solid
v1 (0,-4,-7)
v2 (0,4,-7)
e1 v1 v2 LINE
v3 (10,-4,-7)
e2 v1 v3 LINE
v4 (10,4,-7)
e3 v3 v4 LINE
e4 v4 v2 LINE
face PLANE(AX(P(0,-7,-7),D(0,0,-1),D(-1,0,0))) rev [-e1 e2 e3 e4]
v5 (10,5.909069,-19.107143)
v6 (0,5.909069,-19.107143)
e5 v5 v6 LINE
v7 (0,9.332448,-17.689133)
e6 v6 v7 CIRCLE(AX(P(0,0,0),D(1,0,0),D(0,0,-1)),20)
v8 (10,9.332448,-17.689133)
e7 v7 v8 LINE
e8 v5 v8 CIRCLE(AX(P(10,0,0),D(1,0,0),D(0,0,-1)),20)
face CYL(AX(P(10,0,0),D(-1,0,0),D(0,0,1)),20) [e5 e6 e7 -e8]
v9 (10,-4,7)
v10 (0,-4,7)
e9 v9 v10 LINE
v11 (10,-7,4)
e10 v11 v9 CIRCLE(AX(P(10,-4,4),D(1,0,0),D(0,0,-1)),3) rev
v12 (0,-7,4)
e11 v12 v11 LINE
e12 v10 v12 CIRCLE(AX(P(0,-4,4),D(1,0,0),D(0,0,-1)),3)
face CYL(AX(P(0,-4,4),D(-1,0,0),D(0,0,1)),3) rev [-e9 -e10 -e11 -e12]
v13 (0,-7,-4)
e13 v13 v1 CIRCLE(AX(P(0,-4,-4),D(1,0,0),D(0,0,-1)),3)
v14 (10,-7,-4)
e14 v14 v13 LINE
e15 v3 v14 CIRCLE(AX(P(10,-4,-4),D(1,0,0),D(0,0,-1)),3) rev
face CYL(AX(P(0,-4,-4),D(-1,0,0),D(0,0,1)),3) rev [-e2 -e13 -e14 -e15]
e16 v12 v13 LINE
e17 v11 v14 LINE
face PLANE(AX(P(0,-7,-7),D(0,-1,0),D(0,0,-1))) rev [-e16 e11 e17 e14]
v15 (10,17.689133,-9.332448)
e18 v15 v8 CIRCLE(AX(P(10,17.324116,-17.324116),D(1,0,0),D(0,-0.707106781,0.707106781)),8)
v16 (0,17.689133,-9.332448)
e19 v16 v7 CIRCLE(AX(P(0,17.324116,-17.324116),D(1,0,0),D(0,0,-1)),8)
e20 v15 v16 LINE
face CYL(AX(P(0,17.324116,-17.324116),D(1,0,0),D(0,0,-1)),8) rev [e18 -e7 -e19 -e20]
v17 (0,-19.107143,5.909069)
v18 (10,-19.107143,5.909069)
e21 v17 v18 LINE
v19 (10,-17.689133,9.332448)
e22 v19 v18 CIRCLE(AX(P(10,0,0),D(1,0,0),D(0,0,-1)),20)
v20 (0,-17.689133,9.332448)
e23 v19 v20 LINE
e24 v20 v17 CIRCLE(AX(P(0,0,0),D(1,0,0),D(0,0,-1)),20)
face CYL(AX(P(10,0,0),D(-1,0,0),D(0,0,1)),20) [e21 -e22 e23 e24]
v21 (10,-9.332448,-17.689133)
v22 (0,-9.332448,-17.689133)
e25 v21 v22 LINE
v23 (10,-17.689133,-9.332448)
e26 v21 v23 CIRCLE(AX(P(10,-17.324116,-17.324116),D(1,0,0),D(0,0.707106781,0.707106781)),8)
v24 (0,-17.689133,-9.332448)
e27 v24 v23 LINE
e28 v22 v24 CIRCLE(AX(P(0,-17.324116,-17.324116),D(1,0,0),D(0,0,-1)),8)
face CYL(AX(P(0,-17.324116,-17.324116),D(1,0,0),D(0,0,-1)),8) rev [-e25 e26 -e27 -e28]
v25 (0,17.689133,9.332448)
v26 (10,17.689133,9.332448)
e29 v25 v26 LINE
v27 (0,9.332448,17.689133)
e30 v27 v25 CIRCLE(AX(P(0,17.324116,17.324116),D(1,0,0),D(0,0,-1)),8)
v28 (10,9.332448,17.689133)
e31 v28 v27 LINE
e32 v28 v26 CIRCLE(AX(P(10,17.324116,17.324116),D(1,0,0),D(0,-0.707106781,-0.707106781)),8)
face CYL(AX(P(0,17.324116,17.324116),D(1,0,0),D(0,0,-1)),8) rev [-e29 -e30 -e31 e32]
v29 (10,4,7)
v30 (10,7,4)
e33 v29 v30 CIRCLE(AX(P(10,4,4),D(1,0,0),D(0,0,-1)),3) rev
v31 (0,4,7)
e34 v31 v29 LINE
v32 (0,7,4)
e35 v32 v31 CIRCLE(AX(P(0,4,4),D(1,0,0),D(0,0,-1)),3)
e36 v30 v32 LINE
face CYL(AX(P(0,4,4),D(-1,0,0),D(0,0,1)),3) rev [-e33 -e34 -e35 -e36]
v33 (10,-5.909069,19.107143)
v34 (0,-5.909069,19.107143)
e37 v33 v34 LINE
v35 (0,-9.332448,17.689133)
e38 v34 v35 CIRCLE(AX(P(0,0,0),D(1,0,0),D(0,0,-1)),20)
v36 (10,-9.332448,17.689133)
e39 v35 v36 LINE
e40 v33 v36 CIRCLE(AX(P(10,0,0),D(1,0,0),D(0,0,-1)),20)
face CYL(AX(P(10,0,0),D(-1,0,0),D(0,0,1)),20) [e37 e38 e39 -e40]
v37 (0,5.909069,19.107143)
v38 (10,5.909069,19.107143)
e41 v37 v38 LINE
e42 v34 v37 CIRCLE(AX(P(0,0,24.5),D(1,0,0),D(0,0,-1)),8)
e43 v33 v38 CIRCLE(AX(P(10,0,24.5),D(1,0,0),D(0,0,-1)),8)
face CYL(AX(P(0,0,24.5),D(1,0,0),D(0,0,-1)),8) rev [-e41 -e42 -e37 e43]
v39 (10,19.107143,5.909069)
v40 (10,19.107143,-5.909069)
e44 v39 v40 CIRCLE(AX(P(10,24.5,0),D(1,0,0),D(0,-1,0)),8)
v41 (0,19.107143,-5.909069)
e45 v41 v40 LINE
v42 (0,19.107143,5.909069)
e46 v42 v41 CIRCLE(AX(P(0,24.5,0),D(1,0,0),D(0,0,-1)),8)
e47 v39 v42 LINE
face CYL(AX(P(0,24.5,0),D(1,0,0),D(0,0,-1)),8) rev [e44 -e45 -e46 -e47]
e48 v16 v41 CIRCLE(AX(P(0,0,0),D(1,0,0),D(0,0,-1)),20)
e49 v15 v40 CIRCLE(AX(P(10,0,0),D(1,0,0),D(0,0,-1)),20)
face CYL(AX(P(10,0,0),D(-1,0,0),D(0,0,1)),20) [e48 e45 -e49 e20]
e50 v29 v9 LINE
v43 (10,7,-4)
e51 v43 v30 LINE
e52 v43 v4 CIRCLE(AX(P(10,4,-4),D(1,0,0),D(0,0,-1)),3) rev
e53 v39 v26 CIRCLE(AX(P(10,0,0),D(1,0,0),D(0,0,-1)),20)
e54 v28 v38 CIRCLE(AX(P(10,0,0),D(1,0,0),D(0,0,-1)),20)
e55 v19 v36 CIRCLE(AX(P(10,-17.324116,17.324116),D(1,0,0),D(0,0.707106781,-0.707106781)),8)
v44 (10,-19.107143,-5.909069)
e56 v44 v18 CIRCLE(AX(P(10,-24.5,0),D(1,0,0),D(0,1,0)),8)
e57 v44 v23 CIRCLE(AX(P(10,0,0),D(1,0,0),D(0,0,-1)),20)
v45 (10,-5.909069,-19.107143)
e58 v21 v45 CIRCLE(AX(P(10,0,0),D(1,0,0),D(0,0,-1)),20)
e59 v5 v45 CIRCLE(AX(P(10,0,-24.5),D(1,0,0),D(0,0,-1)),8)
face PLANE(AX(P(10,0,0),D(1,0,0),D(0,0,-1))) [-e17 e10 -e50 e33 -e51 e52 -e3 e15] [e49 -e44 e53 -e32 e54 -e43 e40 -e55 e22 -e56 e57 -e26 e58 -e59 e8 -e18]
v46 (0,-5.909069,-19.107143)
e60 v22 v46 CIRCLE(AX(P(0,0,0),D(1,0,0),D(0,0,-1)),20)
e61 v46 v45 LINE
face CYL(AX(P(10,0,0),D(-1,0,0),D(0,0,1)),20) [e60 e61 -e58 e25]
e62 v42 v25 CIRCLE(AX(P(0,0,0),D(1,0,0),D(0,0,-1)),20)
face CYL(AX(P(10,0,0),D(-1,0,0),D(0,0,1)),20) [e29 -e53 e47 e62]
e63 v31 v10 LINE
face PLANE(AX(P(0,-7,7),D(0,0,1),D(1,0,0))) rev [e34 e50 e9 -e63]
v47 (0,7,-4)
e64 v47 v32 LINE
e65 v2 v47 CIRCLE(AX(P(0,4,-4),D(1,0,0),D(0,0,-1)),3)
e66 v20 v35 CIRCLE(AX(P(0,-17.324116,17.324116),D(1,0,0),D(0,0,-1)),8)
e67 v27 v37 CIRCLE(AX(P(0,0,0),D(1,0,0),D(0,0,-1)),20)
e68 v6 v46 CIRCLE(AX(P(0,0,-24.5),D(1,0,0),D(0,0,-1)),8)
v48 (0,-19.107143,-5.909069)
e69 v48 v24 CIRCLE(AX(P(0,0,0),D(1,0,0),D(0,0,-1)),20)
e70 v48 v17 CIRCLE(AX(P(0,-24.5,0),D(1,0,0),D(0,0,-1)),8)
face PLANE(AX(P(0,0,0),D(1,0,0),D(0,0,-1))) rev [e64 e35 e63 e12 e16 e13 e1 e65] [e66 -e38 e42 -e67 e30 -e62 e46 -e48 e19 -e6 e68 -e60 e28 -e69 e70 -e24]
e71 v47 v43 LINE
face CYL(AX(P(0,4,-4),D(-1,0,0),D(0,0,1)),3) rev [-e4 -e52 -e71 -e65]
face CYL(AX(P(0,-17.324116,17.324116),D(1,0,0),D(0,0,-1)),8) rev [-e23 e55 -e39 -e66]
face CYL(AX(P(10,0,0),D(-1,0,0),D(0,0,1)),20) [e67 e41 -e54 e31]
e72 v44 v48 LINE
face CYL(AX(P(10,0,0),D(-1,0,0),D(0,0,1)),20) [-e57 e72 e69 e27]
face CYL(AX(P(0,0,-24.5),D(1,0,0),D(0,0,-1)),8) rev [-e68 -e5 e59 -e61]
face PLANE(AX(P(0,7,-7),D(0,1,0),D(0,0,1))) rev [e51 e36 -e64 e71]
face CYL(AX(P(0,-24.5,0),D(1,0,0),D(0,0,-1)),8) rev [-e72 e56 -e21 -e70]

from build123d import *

# Parameters (mm, degrees)
SKETCH1_R           = 20
BOSS_EXTRUDE1_DEPTH = 10
SKETCH2_W           = 14
SKETCH2_H           = 14
CUT_EXTRUDE1_DEPTH  = 10
FILLET1_R           = 3
SKETCH3_R           = 8
CUT_EXTRUDE2_DEPTH  = 10
SKETCH3_3_R         = 8
CUT_EXTRUDE3_DEPTH  = 10
CIRPATTERN2_COUNT   = 8


with BuildPart() as part:
    # Sketch1 → Boss-Extrude1 (new body)
    with BuildSketch(Plane(origin=(0, 0, 0), x_dir=(0, 0, -1), z_dir=(1, 0, 0))):
        Circle(SKETCH1_R)
    extrude(amount=BOSS_EXTRUDE1_DEPTH)

    # Sketch2 → Cut-Extrude1 (cut)
    with BuildSketch(Plane(origin=(10, 0, 0), x_dir=(0, 0, -1), z_dir=(1, 0, 0))):
        Rectangle(SKETCH2_W, SKETCH2_H)
    extrude(amount=-CUT_EXTRUDE1_DEPTH, mode=Mode.SUBTRACT)

    # Fillet1
    fillet1_edges = [part.edges().sort_by_distance(p)[0] for p in [
        (5, -7, 7),
        (5, -7, -7),
        (5, 7, 7),
        (5, 7, -7),
    ]]
    fillet(fillet1_edges, radius=FILLET1_R)

    # Sketch3 → Cut-Extrude2 (cut)
    with BuildSketch(Plane(origin=(10, 0, 0), x_dir=(0, 0, -1), z_dir=(1, 0, 0))):
        with Locations((-24.5, 0)):
            Circle(SKETCH3_R)
    cut_extrude2 = extrude(amount=-CUT_EXTRUDE2_DEPTH, mode=Mode.SUBTRACT)

    # Sketch3<3> → Cut-Extrude3 (cut)
    with BuildSketch(Plane(origin=(10, 0, 0), x_dir=(0, 0, -1), z_dir=(1, 0, 0))):
        with Locations((24.5, 0)):
            Circle(SKETCH3_3_R)
        with Locations((-24.5, 0)):
            Circle(SKETCH3_3_R)
    extrude(amount=-CUT_EXTRUDE3_DEPTH, mode=Mode.SUBTRACT)

    # CirPattern2: Cut-Extrude2 ×8 about axis
    cirpattern2_axis = Axis((10, 0, 0), (1, 0, 0))
    for i in range(1, CIRPATTERN2_COUNT):
        add(cut_extrude2.rotate(cirpattern2_axis, i * 360 / CIRPATTERN2_COUNT), mode=Mode.SUBTRACT)


solid = part.part
